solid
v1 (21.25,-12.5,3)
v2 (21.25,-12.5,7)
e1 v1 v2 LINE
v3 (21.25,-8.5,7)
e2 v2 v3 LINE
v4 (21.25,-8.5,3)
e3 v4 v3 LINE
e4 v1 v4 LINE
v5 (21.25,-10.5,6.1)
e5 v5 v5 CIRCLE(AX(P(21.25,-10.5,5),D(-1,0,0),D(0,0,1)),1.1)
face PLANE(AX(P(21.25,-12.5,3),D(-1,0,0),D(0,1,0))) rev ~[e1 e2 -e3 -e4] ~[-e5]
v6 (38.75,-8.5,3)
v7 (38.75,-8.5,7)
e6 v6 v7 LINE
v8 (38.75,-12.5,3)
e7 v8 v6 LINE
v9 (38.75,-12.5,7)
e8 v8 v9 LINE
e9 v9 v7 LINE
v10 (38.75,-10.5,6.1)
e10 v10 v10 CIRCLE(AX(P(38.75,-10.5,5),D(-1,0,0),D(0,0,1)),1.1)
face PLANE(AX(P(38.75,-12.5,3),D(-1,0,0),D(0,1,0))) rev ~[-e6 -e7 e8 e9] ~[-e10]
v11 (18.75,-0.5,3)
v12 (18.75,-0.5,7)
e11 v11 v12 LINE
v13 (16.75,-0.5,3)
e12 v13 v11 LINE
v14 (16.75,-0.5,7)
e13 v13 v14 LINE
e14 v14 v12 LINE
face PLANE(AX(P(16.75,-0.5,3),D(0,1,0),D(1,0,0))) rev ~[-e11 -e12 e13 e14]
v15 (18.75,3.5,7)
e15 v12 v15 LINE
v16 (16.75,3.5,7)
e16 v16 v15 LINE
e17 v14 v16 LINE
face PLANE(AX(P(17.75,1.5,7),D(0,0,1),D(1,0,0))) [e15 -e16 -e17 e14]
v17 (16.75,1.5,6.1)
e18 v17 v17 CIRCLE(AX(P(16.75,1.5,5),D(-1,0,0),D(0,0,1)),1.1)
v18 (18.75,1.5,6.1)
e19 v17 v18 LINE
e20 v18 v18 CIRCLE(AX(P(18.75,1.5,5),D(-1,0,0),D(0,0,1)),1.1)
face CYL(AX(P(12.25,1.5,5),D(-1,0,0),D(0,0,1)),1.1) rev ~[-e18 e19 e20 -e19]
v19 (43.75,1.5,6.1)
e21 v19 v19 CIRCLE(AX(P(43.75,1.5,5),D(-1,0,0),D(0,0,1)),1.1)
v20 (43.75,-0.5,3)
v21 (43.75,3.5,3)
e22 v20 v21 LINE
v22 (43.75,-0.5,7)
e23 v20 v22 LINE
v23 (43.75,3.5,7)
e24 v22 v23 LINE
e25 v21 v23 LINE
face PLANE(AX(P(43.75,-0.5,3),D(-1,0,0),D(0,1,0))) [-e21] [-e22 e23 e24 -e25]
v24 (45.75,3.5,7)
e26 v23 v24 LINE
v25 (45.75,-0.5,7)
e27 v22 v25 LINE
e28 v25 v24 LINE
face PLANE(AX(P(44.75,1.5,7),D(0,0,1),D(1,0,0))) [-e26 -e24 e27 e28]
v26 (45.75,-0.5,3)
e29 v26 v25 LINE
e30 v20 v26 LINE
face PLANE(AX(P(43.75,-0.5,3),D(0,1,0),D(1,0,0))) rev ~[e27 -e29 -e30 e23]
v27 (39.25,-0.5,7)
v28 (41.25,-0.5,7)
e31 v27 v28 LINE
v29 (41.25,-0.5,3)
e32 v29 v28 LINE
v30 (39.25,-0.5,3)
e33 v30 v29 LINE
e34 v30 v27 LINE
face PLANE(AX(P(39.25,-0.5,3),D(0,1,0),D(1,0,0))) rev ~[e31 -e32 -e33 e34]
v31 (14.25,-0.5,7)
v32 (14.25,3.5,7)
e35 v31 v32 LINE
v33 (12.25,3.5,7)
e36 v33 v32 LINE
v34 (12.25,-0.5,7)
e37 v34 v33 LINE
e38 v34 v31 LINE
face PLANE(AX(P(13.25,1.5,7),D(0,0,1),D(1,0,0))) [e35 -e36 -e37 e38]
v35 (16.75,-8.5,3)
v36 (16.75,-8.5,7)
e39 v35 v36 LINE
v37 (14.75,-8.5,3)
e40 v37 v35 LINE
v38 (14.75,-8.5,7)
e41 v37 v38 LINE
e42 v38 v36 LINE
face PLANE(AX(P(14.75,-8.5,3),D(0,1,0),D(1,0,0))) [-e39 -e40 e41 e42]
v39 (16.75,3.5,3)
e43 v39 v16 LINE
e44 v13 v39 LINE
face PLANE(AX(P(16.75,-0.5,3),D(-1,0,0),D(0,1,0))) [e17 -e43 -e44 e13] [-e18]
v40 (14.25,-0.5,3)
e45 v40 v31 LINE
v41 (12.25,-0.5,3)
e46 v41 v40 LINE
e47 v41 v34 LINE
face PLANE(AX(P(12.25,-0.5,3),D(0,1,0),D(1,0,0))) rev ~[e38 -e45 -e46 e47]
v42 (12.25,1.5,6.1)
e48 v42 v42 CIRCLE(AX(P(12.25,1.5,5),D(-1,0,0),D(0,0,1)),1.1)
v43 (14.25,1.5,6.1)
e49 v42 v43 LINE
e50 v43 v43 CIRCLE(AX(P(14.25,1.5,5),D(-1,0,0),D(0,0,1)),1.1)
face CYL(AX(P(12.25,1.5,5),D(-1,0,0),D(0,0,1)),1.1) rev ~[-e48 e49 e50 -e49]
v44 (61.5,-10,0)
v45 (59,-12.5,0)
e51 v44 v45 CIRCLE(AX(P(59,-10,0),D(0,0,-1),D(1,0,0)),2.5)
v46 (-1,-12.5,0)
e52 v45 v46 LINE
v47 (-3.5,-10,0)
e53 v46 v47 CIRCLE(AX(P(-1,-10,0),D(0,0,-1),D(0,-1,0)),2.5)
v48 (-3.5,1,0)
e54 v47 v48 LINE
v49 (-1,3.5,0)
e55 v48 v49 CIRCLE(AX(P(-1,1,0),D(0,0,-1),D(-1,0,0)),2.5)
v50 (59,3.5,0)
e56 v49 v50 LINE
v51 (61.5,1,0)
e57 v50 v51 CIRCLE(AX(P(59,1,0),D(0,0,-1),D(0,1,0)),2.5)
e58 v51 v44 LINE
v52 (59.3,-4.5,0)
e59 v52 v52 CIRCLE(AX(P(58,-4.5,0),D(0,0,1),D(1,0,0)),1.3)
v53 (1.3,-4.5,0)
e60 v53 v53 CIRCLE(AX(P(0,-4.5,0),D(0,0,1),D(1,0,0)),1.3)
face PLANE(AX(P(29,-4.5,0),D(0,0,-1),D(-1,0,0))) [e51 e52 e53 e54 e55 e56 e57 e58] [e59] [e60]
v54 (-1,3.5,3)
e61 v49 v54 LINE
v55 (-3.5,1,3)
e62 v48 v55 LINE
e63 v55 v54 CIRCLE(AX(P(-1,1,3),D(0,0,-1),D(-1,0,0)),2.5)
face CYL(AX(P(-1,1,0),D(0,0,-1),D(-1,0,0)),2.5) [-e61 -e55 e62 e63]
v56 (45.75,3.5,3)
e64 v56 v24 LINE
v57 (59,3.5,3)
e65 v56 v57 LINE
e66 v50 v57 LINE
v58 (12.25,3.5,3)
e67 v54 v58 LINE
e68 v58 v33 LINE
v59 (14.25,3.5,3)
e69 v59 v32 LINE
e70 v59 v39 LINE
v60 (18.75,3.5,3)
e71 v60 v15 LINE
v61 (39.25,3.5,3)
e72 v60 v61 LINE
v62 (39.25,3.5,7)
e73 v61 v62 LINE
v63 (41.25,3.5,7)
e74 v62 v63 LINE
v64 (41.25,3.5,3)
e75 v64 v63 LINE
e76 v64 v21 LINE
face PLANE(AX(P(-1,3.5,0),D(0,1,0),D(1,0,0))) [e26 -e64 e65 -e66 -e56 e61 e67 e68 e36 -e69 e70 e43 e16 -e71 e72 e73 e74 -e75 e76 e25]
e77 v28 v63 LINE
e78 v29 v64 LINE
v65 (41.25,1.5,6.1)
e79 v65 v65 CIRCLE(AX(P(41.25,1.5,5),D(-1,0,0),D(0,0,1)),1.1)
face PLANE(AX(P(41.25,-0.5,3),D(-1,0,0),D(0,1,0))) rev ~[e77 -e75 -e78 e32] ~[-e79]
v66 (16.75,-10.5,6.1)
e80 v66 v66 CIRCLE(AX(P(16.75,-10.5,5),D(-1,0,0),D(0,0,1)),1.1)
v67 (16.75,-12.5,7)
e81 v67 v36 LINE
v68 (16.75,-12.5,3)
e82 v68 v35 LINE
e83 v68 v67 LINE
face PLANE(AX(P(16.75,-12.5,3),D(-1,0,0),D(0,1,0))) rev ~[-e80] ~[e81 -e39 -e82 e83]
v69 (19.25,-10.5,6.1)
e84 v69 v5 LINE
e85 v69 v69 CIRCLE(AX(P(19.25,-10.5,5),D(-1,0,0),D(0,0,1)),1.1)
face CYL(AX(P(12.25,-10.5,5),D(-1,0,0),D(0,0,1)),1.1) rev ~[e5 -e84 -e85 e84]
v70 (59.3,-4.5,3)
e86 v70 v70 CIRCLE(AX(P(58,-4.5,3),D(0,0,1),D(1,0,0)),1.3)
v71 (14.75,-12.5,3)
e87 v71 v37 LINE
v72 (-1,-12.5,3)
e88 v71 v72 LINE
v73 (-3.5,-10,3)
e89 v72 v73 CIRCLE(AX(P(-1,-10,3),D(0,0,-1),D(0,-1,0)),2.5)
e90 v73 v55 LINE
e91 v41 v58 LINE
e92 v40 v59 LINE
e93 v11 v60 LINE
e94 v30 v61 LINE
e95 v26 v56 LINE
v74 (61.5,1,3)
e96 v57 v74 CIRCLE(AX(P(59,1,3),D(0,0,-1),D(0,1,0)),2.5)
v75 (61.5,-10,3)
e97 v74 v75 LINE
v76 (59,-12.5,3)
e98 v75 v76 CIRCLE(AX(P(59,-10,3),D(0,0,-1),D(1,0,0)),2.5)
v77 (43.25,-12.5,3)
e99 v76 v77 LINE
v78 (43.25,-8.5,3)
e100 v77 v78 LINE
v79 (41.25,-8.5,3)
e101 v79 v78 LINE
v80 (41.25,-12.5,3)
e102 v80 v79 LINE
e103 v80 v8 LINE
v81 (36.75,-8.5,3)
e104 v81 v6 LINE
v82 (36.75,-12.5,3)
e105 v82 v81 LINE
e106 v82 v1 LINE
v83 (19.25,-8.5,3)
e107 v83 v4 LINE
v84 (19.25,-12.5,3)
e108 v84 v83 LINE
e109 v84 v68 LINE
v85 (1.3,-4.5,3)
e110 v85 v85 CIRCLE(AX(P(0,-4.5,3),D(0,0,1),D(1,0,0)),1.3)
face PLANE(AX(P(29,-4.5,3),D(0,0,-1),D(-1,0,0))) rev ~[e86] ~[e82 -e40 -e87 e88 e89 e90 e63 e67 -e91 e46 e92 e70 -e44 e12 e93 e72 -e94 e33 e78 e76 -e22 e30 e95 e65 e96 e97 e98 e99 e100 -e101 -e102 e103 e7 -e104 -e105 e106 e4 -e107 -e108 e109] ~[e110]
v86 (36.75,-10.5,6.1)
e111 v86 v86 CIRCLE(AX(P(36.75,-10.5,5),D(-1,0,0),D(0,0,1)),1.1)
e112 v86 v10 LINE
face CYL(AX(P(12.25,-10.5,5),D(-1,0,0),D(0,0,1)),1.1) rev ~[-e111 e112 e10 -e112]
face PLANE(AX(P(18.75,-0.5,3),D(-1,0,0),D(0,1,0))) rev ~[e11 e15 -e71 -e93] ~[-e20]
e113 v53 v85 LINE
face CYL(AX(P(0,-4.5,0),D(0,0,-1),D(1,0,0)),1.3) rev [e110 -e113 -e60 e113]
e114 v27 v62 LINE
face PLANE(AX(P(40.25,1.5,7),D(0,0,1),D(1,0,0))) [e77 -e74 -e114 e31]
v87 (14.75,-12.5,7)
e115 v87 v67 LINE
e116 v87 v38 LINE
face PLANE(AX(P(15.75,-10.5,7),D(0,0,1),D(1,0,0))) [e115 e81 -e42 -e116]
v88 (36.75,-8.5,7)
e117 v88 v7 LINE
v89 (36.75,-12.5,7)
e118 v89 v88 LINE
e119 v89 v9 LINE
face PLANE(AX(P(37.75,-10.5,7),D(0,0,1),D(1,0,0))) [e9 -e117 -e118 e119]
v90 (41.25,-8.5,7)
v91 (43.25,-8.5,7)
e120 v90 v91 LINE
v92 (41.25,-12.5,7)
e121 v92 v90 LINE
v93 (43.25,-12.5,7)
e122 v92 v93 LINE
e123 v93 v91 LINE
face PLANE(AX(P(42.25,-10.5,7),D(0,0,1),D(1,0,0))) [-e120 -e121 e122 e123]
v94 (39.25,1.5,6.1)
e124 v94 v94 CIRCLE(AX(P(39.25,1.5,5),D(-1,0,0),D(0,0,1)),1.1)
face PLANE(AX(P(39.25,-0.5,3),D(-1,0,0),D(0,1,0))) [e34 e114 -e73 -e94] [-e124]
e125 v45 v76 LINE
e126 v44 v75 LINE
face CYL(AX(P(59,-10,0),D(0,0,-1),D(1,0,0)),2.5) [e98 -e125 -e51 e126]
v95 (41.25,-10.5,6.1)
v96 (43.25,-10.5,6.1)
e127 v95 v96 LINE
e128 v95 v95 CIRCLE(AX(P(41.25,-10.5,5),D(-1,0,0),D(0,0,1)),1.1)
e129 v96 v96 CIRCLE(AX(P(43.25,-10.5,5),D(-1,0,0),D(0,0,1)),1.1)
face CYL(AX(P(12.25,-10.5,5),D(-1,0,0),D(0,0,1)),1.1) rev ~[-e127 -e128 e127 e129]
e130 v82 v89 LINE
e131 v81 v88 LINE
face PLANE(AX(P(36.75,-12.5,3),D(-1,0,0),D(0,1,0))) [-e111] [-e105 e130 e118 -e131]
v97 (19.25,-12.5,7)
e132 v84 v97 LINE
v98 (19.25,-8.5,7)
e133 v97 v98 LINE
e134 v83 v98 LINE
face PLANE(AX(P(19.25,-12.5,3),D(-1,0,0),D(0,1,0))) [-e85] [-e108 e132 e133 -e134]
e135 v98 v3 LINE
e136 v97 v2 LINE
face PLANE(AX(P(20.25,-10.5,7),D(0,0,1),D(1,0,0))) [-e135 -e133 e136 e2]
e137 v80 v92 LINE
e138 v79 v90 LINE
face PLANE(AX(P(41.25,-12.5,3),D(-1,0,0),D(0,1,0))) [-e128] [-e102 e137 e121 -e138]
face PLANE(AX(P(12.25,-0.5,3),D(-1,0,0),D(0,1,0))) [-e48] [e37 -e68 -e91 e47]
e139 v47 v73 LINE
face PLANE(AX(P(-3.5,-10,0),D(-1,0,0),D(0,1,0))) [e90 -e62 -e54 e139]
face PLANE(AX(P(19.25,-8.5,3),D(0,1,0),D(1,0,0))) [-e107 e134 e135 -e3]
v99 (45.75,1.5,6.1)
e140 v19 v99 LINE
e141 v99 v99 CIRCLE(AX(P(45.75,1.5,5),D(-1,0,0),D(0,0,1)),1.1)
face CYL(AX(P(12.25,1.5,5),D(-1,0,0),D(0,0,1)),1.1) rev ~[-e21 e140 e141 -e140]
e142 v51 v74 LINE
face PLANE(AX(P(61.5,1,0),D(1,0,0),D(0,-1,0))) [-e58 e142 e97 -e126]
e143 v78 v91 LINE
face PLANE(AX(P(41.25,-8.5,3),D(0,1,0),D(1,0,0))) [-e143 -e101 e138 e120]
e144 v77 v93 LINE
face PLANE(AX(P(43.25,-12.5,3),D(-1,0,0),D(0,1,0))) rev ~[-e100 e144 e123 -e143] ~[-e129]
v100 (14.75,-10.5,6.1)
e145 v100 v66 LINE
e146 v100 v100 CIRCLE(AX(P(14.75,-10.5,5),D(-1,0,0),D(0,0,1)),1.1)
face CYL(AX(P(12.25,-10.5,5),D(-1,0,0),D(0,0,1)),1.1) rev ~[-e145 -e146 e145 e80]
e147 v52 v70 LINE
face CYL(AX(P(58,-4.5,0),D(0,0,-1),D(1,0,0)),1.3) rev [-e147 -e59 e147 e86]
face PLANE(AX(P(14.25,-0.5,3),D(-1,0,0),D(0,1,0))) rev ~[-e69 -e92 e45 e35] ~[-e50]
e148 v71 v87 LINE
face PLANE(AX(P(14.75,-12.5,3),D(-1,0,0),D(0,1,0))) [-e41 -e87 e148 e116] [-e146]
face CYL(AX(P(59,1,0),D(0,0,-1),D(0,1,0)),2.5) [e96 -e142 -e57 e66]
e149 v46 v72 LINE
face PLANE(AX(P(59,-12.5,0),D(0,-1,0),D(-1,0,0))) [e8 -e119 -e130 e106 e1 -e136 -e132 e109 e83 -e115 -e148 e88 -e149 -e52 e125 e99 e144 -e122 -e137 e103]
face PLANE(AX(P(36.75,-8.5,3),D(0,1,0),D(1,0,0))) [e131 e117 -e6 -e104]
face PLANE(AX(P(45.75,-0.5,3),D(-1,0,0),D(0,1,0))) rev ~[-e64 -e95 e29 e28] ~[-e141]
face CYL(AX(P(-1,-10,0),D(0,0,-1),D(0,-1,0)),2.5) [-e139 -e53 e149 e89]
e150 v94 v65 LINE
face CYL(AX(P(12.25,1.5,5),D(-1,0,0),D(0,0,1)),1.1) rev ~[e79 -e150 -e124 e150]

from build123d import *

# Parameters (mm, degrees)
SKETCH_2_R          = 1.3
EXTRUDE_2_DEPTH     = 3
SKETCH_4_W          = 2
SKETCH_4_H          = 4
EXTRUDE_3_DEPTH     = 4
SKETCH_6_R          = 1.1
CUT_EXTRUDE_2_DEPTH = 50.25


with BuildPart() as part:
    # 草图2 → 凸台-拉伸2 (new body)
    with BuildSketch(Plane.XY):
        with BuildLine():
            Line((-3.5, -10), (-3.5, 1))
            ThreePointArc((-3.5, 1), (-2.767766953, 2.767766953), (-1, 3.5))
            Line((-1, 3.5), (59, 3.5))
            ThreePointArc((59, 3.5), (60.767766953, 2.767766953), (61.5, 1))
            Line((61.5, 1), (61.5, -10))
            ThreePointArc((61.5, -10), (60.767766953, -11.767766953), (59, -12.5))
            Line((59, -12.5), (-1, -12.5))
            ThreePointArc((-1, -12.5), (-2.767766953, -11.767766953), (-3.5, -10))
        make_face()
        with Locations((58, -4.5)):
            Circle(SKETCH_2_R, mode=Mode.SUBTRACT)
        with Locations((0, -4.5)):
            Circle(SKETCH_2_R, mode=Mode.SUBTRACT)
    extrude(amount=EXTRUDE_2_DEPTH)

    # 草图4 → 凸台-拉伸3 (add)
    with BuildSketch(Plane.XY.offset(3)):
        with Locations((13.25, 1.5)):
            Rectangle(SKETCH_4_W, SKETCH_4_H)
        with Locations((17.75, 1.5)):
            Rectangle(SKETCH_4_W, SKETCH_4_H)
        with Locations((40.25, 1.5)):
            Rectangle(SKETCH_4_W, SKETCH_4_H)
        with Locations((44.75, 1.5)):
            Rectangle(SKETCH_4_W, SKETCH_4_H)
        with Locations((15.75, -10.5)):
            Rectangle(SKETCH_4_W, SKETCH_4_H)
        with Locations((20.25, -10.5)):
            Rectangle(SKETCH_4_W, SKETCH_4_H)
        with Locations((37.75, -10.5)):
            Rectangle(SKETCH_4_W, SKETCH_4_H)
        with Locations((42.25, -10.5)):
            Rectangle(SKETCH_4_W, SKETCH_4_H)
    extrude(amount=EXTRUDE_3_DEPTH)

    # 草图6 → 切除-拉伸2 (cut, through all)
    with BuildSketch(Plane.ZY.offset(-12.25)):
        with Locations((5, 1.5)):
            Circle(SKETCH_6_R)
        with Locations((5, -10.5)):
            Circle(SKETCH_6_R)
    extrude(amount=-CUT_EXTRUDE_2_DEPTH, mode=Mode.SUBTRACT)


solid = part.part
